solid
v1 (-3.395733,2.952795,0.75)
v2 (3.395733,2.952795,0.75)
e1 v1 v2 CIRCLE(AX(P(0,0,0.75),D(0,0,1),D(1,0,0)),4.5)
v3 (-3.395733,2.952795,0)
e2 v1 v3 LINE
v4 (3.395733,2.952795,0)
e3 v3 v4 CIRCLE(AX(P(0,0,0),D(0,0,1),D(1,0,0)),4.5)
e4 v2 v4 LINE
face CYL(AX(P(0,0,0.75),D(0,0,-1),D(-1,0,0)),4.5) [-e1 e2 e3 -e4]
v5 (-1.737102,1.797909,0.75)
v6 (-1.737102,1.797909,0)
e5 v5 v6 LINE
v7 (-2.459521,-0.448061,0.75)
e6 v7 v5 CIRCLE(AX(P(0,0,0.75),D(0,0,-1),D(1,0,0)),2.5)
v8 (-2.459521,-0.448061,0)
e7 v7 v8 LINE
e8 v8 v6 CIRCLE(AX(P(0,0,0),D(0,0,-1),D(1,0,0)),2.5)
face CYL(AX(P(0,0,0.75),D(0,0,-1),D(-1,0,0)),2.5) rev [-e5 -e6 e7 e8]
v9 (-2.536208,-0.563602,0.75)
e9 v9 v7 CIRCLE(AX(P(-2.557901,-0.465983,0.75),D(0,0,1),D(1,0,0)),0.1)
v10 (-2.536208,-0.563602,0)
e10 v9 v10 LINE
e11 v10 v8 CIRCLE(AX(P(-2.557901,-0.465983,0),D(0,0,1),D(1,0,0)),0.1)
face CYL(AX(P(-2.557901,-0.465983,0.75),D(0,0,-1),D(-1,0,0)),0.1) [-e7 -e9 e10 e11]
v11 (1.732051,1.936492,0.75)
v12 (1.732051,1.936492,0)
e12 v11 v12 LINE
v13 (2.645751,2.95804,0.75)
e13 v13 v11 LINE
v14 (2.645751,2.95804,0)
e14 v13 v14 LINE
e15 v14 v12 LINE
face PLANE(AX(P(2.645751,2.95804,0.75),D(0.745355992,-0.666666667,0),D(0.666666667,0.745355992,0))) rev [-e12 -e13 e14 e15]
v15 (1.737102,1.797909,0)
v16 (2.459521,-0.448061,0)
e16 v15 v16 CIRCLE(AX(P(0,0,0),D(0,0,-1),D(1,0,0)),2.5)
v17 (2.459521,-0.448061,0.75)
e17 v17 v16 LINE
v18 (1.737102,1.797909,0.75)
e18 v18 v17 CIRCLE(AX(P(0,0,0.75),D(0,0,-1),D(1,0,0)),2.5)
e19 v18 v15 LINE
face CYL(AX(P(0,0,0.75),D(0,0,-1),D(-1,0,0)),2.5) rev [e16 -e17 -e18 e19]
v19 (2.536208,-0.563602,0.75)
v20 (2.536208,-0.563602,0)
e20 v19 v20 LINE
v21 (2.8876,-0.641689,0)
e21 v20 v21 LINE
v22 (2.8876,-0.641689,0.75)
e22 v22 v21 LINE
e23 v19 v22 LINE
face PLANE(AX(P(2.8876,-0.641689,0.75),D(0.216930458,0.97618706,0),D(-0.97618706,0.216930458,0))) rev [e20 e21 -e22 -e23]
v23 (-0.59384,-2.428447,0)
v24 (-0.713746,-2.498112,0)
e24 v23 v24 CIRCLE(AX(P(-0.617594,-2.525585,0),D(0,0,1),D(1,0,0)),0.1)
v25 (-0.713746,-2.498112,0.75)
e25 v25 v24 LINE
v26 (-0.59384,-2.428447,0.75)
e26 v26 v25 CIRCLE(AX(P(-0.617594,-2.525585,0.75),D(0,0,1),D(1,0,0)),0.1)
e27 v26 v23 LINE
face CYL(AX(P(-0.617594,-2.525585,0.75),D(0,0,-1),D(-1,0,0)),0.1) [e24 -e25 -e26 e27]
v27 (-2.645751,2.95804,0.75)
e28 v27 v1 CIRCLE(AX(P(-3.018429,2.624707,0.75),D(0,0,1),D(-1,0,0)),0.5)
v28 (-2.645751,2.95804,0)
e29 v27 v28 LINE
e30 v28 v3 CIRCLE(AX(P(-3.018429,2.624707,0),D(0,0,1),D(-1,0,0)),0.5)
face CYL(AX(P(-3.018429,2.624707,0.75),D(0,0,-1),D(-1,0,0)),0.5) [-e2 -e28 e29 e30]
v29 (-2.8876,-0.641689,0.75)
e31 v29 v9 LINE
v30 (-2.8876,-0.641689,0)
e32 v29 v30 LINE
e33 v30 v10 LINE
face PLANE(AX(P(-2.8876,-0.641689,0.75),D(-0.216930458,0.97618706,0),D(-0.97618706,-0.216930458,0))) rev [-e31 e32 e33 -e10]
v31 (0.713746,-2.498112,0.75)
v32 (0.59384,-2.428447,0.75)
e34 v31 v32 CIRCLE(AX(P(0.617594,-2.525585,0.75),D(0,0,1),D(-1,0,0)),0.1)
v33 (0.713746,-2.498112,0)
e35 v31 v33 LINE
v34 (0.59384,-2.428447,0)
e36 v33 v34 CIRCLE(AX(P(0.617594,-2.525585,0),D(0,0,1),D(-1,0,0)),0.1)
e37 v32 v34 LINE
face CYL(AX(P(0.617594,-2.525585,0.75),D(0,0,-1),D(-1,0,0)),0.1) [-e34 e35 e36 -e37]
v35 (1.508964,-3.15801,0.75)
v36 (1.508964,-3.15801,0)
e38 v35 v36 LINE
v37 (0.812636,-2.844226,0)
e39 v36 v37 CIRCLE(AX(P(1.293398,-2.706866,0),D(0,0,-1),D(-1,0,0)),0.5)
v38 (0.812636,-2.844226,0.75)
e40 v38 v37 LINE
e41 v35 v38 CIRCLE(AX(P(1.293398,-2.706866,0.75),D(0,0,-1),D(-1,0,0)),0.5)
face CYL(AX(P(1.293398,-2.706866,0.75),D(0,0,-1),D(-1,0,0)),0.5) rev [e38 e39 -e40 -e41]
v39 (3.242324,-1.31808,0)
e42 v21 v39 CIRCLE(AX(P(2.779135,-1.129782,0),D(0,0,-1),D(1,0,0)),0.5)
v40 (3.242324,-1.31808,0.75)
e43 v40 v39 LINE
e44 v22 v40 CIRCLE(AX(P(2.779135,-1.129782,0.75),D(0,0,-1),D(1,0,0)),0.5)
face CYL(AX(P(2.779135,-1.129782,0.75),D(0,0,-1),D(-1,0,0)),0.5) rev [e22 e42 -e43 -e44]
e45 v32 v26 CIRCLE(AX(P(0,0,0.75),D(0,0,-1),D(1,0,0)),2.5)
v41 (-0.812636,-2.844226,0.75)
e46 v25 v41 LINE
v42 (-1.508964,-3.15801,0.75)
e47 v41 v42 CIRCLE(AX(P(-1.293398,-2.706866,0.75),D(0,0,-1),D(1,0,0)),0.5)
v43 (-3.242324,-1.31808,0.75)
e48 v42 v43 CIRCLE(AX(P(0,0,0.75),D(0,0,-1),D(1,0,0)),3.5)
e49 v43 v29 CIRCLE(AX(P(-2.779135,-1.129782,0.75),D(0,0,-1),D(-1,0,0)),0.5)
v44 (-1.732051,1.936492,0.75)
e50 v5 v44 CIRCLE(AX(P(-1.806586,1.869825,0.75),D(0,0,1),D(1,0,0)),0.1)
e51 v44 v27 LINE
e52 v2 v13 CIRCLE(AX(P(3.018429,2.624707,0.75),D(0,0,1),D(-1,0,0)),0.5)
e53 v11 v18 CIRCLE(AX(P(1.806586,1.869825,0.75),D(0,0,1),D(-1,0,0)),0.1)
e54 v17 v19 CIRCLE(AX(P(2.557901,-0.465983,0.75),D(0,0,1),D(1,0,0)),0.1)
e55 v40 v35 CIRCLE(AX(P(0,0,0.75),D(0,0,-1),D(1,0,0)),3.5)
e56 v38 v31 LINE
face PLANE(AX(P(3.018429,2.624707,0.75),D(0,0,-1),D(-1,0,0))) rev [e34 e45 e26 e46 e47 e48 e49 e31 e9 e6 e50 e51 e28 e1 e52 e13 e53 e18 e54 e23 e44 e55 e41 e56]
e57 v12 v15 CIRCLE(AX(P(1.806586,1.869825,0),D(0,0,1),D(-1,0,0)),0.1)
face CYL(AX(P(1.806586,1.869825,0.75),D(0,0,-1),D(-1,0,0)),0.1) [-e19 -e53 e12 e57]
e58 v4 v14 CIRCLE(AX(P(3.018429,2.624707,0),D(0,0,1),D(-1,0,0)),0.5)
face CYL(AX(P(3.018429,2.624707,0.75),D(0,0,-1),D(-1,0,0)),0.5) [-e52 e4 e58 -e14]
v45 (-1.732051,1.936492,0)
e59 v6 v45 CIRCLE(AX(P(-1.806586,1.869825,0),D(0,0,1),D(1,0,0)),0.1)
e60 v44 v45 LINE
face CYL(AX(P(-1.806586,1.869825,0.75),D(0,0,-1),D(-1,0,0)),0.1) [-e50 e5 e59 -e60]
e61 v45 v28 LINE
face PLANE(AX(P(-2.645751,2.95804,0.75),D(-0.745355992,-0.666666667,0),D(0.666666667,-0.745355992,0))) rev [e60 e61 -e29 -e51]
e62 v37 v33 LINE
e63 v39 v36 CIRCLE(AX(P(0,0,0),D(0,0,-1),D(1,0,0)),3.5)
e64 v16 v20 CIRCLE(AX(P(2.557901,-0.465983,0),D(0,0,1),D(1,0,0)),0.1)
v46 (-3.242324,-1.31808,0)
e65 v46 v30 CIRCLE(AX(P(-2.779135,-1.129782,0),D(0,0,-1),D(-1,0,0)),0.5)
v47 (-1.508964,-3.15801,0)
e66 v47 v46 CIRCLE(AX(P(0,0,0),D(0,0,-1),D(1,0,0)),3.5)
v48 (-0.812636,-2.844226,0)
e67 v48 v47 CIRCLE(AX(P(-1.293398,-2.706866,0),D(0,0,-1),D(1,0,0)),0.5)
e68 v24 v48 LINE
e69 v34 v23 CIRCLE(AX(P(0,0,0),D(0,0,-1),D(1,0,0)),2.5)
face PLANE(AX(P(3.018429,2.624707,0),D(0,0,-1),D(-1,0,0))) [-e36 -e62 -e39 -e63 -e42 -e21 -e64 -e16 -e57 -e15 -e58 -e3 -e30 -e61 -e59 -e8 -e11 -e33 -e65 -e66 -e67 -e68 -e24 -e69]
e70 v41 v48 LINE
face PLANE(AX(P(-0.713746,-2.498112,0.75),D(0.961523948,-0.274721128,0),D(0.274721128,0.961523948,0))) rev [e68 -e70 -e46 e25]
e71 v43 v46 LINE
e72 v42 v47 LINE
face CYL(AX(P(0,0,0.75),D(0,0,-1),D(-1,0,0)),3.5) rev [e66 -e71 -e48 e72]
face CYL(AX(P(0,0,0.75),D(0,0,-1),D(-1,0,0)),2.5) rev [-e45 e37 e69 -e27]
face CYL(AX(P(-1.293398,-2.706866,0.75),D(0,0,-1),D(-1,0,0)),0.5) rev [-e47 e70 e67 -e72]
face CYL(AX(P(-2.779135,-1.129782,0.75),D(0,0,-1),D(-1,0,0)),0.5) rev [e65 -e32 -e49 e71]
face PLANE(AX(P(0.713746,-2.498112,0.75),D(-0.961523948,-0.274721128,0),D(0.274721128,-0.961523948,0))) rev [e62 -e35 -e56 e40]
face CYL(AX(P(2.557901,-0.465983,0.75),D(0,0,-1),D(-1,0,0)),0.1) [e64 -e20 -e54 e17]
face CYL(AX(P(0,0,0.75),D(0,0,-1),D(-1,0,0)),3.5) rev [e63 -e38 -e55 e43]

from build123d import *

# Parameters (mm, degrees)
ESTRUSIONE_ESTRUSIONE1_DEPTH = 0.75


with BuildPart() as part:
    # Schizzo1 → Estrusione-Estrusione1 (new body)
    with BuildSketch(Plane.XY):
        with BuildLine():
            Line((0.713746427, -2.498112495), (0.812636055, -2.844226194))
            ThreePointArc((0.812636055, -2.844226194), (1.087978373, -3.162719515), (1.508964367, -3.158009901))
            ThreePointArc((1.508964367, -3.158009901), (2.5475521, -2.399995479), (3.24232421, -1.318079558))
            ThreePointArc((3.24232421, -1.318079558), (3.221936632, -0.897561146), (2.887600266, -0.641688948))
            Line((2.887600266, -0.641688948), (2.536208379, -0.563601862))
            ThreePointArc((2.536208379, -0.563601862), (2.474583527, -0.521283499), (2.459520601, -0.448060727))
            ThreePointArc((2.459520601, -0.448060727), (2.37991714, 0.765502714), (1.737102314, 1.79790866))
            ThreePointArc((1.737102314, 1.79790866), (1.706652775, 1.866182313), (1.732050808, 1.936491673))
            Line((1.732050808, 1.936491673), (2.645751311, 2.958039892))
            ThreePointArc((2.645751311, 2.958039892), (3.021925983, 3.124694331), (3.395732971, 2.952794878))
            ThreePointArc((3.395732971, 2.952794878), (0, -4.5), (-3.395732971, 2.952794878))
            ThreePointArc((-3.395732971, 2.952794878), (-3.021925983, 3.124694331), (-2.645751311, 2.958039892))
            Line((-2.645751311, 2.958039892), (-1.732050808, 1.936491673))
            ThreePointArc((-1.732050808, 1.936491673), (-1.706652775, 1.866182313), (-1.737102314, 1.79790866))
            ThreePointArc((-1.737102314, 1.79790866), (-2.37991714, 0.765502714), (-2.459520601, -0.448060727))
            ThreePointArc((-2.459520601, -0.448060727), (-2.474583527, -0.521283499), (-2.536208379, -0.563601862))
            Line((-2.536208379, -0.563601862), (-2.887600266, -0.641688948))
            ThreePointArc((-2.887600266, -0.641688948), (-3.221936632, -0.897561146), (-3.24232421, -1.318079558))
            ThreePointArc((-3.24232421, -1.318079558), (-2.5475521, -2.399995479), (-1.508964367, -3.158009901))
            ThreePointArc((-1.508964367, -3.158009901), (-1.087978373, -3.162719515), (-0.812636055, -2.844226194))
            Line((-0.812636055, -2.844226194), (-0.713746427, -2.498112495))
            ThreePointArc((-0.713746427, -2.498112495), (-0.667830724, -2.439119153), (-0.593840416, -2.428446738))
            ThreePointArc((-0.593840416, -2.428446738), (0, -2.5), (0.593840416, -2.428446738))
            ThreePointArc((0.593840416, -2.428446738), (0.667830724, -2.439119153), (0.713746427, -2.498112495))
        make_face()
    extrude(amount=ESTRUSIONE_ESTRUSIONE1_DEPTH)


solid = part.part
